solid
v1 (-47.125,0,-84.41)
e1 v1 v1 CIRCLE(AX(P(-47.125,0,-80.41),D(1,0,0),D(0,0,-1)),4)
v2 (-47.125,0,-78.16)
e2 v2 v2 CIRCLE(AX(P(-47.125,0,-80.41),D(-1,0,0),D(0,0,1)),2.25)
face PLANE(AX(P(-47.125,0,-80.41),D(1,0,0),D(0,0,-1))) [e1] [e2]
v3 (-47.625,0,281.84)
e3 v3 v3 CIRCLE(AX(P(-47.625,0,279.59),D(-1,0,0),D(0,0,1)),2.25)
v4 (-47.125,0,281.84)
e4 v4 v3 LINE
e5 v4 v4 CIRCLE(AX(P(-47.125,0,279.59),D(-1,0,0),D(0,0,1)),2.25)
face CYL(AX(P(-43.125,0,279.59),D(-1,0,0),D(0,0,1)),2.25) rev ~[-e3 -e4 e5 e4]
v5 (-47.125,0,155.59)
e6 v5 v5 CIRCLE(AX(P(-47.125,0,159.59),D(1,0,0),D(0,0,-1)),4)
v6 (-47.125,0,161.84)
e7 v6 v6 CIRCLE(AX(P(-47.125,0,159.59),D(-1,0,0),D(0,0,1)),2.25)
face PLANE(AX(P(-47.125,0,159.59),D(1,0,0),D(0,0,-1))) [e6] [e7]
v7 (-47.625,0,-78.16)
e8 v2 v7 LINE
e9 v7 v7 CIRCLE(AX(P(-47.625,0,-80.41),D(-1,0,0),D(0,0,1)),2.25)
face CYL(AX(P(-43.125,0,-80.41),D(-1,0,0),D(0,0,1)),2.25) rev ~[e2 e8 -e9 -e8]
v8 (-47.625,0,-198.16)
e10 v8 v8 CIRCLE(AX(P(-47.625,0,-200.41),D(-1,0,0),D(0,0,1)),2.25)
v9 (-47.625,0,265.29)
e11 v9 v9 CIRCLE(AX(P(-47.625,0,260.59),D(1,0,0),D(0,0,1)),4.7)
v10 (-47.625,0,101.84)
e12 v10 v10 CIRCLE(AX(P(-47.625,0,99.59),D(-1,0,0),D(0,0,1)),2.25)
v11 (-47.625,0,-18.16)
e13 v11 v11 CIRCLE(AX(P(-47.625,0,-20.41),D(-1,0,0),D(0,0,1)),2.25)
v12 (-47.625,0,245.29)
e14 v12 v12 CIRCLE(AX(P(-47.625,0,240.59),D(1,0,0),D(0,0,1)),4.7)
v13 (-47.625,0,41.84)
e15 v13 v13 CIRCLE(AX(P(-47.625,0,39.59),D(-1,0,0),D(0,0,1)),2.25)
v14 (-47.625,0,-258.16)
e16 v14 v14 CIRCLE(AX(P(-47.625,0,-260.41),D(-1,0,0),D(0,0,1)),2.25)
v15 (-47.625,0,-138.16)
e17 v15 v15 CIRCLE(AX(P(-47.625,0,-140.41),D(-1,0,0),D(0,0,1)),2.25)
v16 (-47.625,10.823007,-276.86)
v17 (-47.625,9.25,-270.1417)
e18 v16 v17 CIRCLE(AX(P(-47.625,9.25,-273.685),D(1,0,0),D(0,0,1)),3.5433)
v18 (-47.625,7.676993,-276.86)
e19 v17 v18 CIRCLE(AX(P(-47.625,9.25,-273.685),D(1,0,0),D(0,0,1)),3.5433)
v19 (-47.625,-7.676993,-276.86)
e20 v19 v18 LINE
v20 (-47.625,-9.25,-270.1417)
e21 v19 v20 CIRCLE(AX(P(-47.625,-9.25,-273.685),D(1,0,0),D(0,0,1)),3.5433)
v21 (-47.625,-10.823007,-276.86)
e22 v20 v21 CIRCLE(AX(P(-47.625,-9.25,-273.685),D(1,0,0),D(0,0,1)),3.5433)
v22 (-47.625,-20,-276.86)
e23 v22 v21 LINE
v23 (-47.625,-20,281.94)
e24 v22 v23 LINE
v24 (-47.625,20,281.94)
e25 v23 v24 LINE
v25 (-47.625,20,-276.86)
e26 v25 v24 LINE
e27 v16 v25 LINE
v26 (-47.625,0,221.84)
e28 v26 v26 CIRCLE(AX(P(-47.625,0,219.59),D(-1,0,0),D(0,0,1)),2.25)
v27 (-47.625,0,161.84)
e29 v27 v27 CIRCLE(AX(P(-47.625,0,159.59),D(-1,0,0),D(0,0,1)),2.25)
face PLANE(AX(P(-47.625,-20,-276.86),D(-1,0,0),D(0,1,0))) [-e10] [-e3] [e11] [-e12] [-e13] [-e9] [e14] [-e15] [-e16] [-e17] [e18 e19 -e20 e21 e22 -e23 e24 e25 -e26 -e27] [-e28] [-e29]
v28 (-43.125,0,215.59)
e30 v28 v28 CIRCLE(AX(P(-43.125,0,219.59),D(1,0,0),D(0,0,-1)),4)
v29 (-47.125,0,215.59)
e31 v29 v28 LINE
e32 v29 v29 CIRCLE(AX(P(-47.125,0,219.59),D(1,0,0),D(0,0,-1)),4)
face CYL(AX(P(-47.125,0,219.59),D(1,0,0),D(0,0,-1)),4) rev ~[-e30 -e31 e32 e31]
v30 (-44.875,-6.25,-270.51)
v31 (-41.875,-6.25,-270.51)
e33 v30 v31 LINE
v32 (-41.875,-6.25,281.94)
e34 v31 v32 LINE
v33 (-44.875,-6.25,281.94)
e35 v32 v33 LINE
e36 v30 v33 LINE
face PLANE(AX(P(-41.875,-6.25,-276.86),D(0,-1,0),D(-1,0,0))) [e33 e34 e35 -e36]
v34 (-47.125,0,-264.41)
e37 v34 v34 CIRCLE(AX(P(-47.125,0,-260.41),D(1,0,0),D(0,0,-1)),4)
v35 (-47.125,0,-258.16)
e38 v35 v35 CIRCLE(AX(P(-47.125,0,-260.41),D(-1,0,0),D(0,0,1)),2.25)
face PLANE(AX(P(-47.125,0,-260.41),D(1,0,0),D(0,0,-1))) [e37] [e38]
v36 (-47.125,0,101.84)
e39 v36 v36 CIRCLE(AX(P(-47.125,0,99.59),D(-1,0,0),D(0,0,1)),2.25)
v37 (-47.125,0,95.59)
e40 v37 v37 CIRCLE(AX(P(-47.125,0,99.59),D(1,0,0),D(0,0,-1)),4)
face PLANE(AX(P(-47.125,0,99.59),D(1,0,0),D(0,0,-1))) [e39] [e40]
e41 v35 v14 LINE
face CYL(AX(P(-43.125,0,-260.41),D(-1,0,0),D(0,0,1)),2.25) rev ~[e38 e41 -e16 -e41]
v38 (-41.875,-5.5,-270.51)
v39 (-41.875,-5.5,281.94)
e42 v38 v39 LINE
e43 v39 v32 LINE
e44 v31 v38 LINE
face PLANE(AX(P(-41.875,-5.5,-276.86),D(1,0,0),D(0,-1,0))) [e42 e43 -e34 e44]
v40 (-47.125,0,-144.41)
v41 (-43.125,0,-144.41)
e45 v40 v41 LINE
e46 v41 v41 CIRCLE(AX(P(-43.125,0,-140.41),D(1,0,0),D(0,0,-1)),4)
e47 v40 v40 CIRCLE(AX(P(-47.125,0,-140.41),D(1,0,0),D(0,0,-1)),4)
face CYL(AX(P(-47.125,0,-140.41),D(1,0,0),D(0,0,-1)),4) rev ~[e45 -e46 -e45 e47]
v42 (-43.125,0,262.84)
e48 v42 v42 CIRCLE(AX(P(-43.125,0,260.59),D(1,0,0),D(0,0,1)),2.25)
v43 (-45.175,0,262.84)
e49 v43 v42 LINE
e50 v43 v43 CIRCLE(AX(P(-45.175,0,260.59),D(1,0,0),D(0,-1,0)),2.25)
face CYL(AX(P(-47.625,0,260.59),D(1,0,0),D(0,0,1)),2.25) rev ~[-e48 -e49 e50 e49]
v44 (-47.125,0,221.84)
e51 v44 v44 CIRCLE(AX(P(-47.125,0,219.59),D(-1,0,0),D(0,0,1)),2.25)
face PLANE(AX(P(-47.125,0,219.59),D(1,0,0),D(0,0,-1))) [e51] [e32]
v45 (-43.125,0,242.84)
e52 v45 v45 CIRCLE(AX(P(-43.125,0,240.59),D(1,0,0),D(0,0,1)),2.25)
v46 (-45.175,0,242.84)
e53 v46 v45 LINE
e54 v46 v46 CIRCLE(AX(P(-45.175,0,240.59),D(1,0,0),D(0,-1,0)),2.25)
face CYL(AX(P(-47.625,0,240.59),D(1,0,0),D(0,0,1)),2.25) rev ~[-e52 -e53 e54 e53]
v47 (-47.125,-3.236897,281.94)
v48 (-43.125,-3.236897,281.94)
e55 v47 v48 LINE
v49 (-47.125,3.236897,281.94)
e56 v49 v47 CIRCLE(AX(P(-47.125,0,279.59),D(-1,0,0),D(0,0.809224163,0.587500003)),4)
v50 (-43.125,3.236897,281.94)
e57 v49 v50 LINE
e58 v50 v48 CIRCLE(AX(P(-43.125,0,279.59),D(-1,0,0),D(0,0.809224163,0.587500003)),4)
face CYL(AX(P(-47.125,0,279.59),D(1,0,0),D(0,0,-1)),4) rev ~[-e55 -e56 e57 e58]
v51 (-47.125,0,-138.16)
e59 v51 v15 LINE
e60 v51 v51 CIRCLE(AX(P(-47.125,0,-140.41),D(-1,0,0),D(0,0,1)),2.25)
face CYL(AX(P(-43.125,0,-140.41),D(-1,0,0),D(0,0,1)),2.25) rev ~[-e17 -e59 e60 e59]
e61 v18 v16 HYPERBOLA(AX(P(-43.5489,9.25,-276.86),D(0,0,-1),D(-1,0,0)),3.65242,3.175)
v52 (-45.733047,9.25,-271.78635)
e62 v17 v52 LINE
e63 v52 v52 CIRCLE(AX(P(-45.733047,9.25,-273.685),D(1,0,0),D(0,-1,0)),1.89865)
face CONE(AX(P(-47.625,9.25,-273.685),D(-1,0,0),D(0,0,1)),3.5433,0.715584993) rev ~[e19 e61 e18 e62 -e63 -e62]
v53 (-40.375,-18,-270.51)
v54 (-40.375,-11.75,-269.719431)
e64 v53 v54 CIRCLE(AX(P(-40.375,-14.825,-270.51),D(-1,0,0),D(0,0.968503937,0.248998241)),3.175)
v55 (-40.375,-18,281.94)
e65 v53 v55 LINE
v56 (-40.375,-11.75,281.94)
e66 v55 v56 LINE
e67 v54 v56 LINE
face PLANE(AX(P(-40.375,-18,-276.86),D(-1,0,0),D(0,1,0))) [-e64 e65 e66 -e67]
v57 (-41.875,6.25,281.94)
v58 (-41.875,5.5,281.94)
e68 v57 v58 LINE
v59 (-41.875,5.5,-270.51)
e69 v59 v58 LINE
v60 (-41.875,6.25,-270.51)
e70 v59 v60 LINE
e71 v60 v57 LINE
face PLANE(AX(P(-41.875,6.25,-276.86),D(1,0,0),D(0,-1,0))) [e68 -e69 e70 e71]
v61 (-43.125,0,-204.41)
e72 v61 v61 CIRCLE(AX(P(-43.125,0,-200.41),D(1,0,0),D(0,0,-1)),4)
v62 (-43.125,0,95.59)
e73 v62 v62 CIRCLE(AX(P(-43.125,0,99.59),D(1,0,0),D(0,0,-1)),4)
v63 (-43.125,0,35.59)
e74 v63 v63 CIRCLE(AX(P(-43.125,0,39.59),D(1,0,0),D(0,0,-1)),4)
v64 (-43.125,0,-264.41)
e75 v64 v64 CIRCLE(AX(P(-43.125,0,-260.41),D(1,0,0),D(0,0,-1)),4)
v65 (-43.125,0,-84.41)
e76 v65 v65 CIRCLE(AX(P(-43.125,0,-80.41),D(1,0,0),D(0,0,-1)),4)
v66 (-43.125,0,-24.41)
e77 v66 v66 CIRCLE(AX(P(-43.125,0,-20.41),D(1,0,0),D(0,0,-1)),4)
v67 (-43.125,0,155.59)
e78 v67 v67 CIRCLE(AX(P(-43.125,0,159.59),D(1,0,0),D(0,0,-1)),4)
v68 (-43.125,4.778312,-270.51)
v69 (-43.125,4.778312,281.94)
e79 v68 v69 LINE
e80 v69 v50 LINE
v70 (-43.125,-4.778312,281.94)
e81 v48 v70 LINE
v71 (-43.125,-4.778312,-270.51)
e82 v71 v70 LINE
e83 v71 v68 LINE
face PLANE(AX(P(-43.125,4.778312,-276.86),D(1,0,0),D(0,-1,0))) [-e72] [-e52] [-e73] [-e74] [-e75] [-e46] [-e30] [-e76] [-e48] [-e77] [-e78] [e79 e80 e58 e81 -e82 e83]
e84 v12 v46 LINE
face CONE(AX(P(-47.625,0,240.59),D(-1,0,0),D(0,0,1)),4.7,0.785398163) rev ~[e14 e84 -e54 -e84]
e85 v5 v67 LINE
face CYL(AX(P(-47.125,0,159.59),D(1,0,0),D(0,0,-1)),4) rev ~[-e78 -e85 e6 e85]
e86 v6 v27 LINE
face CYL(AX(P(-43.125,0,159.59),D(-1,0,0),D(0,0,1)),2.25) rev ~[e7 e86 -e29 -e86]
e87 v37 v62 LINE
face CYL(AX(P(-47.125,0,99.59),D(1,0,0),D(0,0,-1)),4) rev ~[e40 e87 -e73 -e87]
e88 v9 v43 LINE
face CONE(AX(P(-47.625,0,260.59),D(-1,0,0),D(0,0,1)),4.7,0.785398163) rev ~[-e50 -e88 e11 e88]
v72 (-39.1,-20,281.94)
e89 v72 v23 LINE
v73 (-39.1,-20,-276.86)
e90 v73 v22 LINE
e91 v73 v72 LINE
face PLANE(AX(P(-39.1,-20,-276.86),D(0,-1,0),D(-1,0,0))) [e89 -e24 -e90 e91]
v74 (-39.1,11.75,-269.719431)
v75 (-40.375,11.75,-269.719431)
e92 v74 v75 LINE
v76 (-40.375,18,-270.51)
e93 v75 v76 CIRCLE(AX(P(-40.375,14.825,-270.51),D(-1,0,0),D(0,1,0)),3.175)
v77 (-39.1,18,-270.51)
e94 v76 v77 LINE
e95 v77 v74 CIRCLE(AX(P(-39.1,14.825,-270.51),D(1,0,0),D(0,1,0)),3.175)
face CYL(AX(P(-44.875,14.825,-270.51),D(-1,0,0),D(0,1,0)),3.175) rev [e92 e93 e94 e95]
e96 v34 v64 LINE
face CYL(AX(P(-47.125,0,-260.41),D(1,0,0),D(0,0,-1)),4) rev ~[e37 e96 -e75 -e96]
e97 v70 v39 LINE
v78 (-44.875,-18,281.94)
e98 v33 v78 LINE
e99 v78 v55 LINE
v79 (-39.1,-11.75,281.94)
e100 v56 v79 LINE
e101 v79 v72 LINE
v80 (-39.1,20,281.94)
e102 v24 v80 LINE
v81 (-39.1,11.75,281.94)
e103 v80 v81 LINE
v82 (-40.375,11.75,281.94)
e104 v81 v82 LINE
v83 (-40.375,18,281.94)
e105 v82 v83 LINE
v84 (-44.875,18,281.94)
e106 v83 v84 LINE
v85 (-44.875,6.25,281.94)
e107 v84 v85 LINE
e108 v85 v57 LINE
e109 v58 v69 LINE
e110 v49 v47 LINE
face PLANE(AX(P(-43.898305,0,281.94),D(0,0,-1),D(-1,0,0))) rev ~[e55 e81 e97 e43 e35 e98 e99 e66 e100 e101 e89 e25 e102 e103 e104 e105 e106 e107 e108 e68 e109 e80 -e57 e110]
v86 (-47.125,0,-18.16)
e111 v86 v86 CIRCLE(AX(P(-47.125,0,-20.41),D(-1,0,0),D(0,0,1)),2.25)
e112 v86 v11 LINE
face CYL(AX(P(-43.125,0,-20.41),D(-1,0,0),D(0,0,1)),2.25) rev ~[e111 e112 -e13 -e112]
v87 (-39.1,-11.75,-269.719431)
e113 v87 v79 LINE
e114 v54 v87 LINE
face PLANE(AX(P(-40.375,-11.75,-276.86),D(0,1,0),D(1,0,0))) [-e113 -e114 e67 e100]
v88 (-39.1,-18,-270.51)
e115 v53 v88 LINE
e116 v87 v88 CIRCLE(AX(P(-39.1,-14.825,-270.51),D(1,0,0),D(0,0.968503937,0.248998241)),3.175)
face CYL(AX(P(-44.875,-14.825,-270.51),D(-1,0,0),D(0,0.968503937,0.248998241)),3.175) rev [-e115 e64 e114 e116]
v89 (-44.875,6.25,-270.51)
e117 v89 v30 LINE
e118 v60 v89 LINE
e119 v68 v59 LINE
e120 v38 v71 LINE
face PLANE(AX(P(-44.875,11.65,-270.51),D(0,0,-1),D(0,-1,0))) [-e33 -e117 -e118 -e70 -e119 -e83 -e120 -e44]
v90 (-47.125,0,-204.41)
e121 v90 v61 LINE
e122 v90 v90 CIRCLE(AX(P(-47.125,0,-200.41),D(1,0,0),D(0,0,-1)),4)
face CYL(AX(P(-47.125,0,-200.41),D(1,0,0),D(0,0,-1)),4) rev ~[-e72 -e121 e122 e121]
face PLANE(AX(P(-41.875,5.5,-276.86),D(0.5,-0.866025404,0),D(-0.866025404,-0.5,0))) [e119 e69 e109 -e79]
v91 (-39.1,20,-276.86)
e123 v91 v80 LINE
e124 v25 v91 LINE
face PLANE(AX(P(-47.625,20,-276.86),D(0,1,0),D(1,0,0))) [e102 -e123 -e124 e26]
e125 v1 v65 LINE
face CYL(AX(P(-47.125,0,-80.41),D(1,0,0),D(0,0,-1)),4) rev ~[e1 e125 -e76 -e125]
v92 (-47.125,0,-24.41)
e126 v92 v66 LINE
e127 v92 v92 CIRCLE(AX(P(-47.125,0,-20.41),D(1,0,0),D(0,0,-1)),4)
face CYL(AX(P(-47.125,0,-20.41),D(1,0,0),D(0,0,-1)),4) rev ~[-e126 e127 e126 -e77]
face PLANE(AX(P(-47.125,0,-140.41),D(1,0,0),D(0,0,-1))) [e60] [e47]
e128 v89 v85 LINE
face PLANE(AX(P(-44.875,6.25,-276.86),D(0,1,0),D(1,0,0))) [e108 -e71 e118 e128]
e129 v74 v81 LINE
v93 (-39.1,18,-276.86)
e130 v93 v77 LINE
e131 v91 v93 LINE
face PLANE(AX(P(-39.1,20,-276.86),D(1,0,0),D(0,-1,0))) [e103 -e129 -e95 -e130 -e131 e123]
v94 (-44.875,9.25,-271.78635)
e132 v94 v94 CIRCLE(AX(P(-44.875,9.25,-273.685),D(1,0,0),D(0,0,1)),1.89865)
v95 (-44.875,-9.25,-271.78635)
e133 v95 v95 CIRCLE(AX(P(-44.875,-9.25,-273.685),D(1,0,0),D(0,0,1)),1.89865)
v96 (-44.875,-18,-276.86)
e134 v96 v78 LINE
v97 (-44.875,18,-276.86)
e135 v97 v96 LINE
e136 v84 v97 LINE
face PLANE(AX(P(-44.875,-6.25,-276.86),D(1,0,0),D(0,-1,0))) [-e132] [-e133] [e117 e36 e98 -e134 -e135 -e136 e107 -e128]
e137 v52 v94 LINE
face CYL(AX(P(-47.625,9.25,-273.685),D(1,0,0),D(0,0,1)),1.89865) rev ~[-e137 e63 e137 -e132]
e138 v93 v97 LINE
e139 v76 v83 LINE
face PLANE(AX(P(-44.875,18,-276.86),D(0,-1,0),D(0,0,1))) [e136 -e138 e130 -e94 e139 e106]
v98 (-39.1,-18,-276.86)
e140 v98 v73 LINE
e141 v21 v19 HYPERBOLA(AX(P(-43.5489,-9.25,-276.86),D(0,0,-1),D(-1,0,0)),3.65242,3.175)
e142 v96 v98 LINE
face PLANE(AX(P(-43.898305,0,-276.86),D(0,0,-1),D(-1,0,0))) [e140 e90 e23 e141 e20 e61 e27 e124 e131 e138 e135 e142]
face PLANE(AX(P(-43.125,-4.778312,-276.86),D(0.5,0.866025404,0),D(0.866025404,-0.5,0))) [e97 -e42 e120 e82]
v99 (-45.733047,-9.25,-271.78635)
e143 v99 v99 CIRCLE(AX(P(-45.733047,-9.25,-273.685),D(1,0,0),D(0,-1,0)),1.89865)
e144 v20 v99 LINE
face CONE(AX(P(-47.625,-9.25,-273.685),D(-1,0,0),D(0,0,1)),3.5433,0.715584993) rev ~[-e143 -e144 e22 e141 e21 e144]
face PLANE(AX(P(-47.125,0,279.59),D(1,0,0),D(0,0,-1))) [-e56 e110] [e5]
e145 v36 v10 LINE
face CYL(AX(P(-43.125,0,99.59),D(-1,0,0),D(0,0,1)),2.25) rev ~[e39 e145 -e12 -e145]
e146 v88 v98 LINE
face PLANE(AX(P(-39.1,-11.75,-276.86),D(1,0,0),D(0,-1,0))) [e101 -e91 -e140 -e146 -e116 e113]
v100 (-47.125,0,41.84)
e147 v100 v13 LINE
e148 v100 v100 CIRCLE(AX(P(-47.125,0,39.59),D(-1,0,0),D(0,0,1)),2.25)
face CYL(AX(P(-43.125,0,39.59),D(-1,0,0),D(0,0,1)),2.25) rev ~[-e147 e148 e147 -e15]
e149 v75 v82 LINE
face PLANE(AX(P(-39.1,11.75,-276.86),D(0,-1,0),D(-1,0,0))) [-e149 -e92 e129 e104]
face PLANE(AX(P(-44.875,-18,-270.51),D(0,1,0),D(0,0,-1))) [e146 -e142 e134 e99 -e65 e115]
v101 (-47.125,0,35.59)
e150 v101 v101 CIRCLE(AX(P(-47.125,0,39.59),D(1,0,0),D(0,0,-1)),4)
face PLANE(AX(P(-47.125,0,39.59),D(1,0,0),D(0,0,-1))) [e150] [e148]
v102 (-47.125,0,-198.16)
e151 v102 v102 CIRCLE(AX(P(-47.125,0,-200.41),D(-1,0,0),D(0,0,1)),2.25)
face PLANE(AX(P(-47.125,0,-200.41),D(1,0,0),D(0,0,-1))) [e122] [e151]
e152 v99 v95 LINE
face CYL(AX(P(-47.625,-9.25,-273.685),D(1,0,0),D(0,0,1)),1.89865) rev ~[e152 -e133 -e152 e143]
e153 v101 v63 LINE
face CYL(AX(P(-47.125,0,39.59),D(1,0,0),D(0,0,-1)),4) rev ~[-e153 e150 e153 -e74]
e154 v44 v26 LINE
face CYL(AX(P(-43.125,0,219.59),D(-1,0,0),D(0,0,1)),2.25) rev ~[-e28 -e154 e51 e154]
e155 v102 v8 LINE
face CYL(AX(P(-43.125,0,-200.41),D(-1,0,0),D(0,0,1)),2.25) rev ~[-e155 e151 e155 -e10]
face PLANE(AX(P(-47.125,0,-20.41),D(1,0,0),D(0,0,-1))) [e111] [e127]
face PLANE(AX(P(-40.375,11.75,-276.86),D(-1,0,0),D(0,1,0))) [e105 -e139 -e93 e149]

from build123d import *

# Parameters (mm, degrees)
BOSS_EXTRUDE1_DEPTH                             = 281.94
BOSS_EXTRUDE1_DEPTH_BACK                        = 276.86
CBORE_FOR_M4_SHCS1_D                            = 4.5
CBORE_FOR_M4_SHCS1_CBORE_D                      = 8
CBORE_FOR_M4_SHCS1_CBORE_DEPTH                  = 4
CSK_FOR_M4_FLAT_HEAD_MACHINE_SCREW1_D           = 4.5
CSK_FOR_M4_FLAT_HEAD_MACHINE_SCREW1_CSINK_D     = 9.4
CSK_FOR_M4_FLAT_HEAD_MACHINE_SCREW1_CSINK_ANGLE = 90
LPATTERN1_COUNT                                 = 9
LPATTERN1_PITCH                                 = 60
LPATTERN1_COL_COUNT                             = 2
LPATTERN1_COL_PITCH                             = 60
CSK_FOR_6_FLAT_HEAD_MACHINE_SCREW1_D            = 3.7973
CSK_FOR_6_FLAT_HEAD_MACHINE_SCREW1_CSINK_D      = 7.0866
CSK_FOR_6_FLAT_HEAD_MACHINE_SCREW1_CSINK_ANGLE  = 82
CUT_EXTRUDE1_START                              = -5.775
CUT_EXTRUDE1_DEPTH                              = 5.775


with BuildPart() as part:
    # Sketch1 → Boss-Extrude1 (new, two sides: drawn at the far end of the back side and taken through both)
    with BuildSketch(Plane.XY.offset(-BOSS_EXTRUDE1_DEPTH_BACK)):
        Polygon((-39.1, 20), (-39.1, 11.75), (-40.375, 11.75), (-40.375, 18), (-44.875, 18), (-44.875, 6.25), (-41.875, 6.25), (-41.875, 5.5), (-43.125, 4.778312164), (-43.125, -4.778312164), (-41.875, -5.5), (-41.875, -6.25), (-44.875, -6.25), (-44.875, -18), (-40.375, -18), (-40.375, -11.75), (-39.1, -11.75), (-39.1, -20), (-47.625, -20), (-47.625, 20), align=None)
    extrude(amount=BOSS_EXTRUDE1_DEPTH + BOSS_EXTRUDE1_DEPTH_BACK)

    # CBORE for M4 SHCS1 (through all)
    with Locations(Plane(origin=(-43.125, 0, 0), x_dir=(0, 0, -1), z_dir=(1, 0, 0))):
        with Locations((-219.589999986, 0)):
            cbore_for_m4_shcs1 = CounterBoreHole(CBORE_FOR_M4_SHCS1_D / 2, CBORE_FOR_M4_SHCS1_CBORE_D / 2, CBORE_FOR_M4_SHCS1_CBORE_DEPTH)

    # CSK for M4 Flat Head Machine Screw1 (through all)
    with Locations(Plane(origin=(-47.625, 6.680483291, -0.93803287), x_dir=(0, 0, -1), z_dir=(-1, 0, 0))):
        with Locations((-241.52803302, 6.680483291), (-261.528032898, 6.680483291)):
            CounterSinkHole(CSK_FOR_M4_FLAT_HEAD_MACHINE_SCREW1_D / 2, CSK_FOR_M4_FLAT_HEAD_MACHINE_SCREW1_CSINK_D / 2, counter_sink_angle=CSK_FOR_M4_FLAT_HEAD_MACHINE_SCREW1_CSINK_ANGLE)

    # LPattern1: CBORE for M4 SHCS1 ×9
    with Locations(*[(0, 0, -i * LPATTERN1_PITCH) for i in range(1, LPATTERN1_COUNT)]):
        add(cbore_for_m4_shcs1, mode=Mode.SUBTRACT)

    # LPattern1 col: CBORE for M4 SHCS1 ×2
    with Locations(*[(0, 0, i * LPATTERN1_COL_PITCH) for i in range(1, LPATTERN1_COL_COUNT)]):
        add(cbore_for_m4_shcs1, mode=Mode.SUBTRACT)

    # CSK for #6 Flat Head Machine Screw1 (through all)
    with Locations(Plane(origin=(-47.625, 11.960142778, 21.111442158), x_dir=(0, 0, -1), z_dir=(-1, 0, 0))):
        with Locations((294.796442158, 21.210142874), (294.796442158, 2.710142682)):
            CounterSinkHole(CSK_FOR_6_FLAT_HEAD_MACHINE_SCREW1_D / 2, CSK_FOR_6_FLAT_HEAD_MACHINE_SCREW1_CSINK_D / 2, counter_sink_angle=CSK_FOR_6_FLAT_HEAD_MACHINE_SCREW1_CSINK_ANGLE)

    # Sketch8 → Cut-Extrude1 (cut)
    with BuildSketch(Plane(origin=(-39.1, 0, 0), x_dir=(0, 0, -1), z_dir=(1, 0, 0)).offset(CUT_EXTRUDE1_START)):
        with BuildLine():
            Line((271.300569415, -11.75), (276.86, -11.75))
            Line((276.86, -11.75), (276.86, 18))
            Line((276.86, 18), (270.51, 18))
            ThreePointArc((270.51, 18), (272.75506403, 17.07006403), (273.685, 14.825))
            ThreePointArc((273.685, 14.825), (272.75506403, 12.57993597), (270.51, 11.65))
            Line((270.51, 11.65), (270.51, -11.65))
            ThreePointArc((270.51, -11.65), (270.908434436, -11.675099208), (271.300569415, -11.75))
        make_face()
        with BuildLine():
            Line((270.51, -18), (276.86, -18))
            Line((276.86, -18), (276.86, -11.75))
            Line((276.86, -11.75), (271.300569415, -11.75))
            ThreePointArc((271.300569415, -11.75), (273.019051902, -12.879419482), (273.685, -14.825))
            ThreePointArc((273.685, -14.825), (272.75506403, -17.07006403), (270.51, -18))
        make_face()
        with BuildLine():
            ThreePointArc((269.719430585, -11.75), (267.360099208, -15.223434436), (270.51, -18))
            Line((270.51, -18), (270.51, -11.75))
            Line((270.51, -11.75), (269.719430585, -11.75))
        make_face()
        with BuildLine():
            Line((270.51, -11.75), (270.51, -18))
            ThreePointArc((270.51, -18), (272.75506403, -17.07006403), (273.685, -14.825))
            ThreePointArc((273.685, -14.825), (273.019051902, -12.879419482), (271.300569415, -11.75))
            Line((271.300569415, -11.75), (270.51, -11.75))
        make_face()
        with BuildLine():
            Line((269.719430585, -11.75), (270.51, -11.75))
            Line((270.51, -11.75), (270.51, -11.65))
            ThreePointArc((270.51, -11.65), (270.111565564, -11.675099208), (269.719430585, -11.75))
        make_face()
        with BuildLine():
            Line((270.51, -11.65), (270.51, -11.75))
            Line((270.51, -11.75), (271.300569415, -11.75))
            ThreePointArc((271.300569415, -11.75), (270.908434436, -11.675099208), (270.51, -11.65))
        make_face()
        with BuildLine():
            ThreePointArc((273.685, 14.825), (272.75506403, 17.07006403), (270.51, 18))
            Line((270.51, 18), (270.51, 11.65))
            ThreePointArc((270.51, 11.65), (272.75506403, 12.57993597), (273.685, 14.825))
        make_face()
        with BuildLine():
            Line((270.51, 11.65), (270.51, 18))
            ThreePointArc((270.51, 18), (267.335, 14.825), (270.51, 11.65))
        make_face()
    extrude(amount=CUT_EXTRUDE1_DEPTH, mode=Mode.SUBTRACT)


solid = part.part
